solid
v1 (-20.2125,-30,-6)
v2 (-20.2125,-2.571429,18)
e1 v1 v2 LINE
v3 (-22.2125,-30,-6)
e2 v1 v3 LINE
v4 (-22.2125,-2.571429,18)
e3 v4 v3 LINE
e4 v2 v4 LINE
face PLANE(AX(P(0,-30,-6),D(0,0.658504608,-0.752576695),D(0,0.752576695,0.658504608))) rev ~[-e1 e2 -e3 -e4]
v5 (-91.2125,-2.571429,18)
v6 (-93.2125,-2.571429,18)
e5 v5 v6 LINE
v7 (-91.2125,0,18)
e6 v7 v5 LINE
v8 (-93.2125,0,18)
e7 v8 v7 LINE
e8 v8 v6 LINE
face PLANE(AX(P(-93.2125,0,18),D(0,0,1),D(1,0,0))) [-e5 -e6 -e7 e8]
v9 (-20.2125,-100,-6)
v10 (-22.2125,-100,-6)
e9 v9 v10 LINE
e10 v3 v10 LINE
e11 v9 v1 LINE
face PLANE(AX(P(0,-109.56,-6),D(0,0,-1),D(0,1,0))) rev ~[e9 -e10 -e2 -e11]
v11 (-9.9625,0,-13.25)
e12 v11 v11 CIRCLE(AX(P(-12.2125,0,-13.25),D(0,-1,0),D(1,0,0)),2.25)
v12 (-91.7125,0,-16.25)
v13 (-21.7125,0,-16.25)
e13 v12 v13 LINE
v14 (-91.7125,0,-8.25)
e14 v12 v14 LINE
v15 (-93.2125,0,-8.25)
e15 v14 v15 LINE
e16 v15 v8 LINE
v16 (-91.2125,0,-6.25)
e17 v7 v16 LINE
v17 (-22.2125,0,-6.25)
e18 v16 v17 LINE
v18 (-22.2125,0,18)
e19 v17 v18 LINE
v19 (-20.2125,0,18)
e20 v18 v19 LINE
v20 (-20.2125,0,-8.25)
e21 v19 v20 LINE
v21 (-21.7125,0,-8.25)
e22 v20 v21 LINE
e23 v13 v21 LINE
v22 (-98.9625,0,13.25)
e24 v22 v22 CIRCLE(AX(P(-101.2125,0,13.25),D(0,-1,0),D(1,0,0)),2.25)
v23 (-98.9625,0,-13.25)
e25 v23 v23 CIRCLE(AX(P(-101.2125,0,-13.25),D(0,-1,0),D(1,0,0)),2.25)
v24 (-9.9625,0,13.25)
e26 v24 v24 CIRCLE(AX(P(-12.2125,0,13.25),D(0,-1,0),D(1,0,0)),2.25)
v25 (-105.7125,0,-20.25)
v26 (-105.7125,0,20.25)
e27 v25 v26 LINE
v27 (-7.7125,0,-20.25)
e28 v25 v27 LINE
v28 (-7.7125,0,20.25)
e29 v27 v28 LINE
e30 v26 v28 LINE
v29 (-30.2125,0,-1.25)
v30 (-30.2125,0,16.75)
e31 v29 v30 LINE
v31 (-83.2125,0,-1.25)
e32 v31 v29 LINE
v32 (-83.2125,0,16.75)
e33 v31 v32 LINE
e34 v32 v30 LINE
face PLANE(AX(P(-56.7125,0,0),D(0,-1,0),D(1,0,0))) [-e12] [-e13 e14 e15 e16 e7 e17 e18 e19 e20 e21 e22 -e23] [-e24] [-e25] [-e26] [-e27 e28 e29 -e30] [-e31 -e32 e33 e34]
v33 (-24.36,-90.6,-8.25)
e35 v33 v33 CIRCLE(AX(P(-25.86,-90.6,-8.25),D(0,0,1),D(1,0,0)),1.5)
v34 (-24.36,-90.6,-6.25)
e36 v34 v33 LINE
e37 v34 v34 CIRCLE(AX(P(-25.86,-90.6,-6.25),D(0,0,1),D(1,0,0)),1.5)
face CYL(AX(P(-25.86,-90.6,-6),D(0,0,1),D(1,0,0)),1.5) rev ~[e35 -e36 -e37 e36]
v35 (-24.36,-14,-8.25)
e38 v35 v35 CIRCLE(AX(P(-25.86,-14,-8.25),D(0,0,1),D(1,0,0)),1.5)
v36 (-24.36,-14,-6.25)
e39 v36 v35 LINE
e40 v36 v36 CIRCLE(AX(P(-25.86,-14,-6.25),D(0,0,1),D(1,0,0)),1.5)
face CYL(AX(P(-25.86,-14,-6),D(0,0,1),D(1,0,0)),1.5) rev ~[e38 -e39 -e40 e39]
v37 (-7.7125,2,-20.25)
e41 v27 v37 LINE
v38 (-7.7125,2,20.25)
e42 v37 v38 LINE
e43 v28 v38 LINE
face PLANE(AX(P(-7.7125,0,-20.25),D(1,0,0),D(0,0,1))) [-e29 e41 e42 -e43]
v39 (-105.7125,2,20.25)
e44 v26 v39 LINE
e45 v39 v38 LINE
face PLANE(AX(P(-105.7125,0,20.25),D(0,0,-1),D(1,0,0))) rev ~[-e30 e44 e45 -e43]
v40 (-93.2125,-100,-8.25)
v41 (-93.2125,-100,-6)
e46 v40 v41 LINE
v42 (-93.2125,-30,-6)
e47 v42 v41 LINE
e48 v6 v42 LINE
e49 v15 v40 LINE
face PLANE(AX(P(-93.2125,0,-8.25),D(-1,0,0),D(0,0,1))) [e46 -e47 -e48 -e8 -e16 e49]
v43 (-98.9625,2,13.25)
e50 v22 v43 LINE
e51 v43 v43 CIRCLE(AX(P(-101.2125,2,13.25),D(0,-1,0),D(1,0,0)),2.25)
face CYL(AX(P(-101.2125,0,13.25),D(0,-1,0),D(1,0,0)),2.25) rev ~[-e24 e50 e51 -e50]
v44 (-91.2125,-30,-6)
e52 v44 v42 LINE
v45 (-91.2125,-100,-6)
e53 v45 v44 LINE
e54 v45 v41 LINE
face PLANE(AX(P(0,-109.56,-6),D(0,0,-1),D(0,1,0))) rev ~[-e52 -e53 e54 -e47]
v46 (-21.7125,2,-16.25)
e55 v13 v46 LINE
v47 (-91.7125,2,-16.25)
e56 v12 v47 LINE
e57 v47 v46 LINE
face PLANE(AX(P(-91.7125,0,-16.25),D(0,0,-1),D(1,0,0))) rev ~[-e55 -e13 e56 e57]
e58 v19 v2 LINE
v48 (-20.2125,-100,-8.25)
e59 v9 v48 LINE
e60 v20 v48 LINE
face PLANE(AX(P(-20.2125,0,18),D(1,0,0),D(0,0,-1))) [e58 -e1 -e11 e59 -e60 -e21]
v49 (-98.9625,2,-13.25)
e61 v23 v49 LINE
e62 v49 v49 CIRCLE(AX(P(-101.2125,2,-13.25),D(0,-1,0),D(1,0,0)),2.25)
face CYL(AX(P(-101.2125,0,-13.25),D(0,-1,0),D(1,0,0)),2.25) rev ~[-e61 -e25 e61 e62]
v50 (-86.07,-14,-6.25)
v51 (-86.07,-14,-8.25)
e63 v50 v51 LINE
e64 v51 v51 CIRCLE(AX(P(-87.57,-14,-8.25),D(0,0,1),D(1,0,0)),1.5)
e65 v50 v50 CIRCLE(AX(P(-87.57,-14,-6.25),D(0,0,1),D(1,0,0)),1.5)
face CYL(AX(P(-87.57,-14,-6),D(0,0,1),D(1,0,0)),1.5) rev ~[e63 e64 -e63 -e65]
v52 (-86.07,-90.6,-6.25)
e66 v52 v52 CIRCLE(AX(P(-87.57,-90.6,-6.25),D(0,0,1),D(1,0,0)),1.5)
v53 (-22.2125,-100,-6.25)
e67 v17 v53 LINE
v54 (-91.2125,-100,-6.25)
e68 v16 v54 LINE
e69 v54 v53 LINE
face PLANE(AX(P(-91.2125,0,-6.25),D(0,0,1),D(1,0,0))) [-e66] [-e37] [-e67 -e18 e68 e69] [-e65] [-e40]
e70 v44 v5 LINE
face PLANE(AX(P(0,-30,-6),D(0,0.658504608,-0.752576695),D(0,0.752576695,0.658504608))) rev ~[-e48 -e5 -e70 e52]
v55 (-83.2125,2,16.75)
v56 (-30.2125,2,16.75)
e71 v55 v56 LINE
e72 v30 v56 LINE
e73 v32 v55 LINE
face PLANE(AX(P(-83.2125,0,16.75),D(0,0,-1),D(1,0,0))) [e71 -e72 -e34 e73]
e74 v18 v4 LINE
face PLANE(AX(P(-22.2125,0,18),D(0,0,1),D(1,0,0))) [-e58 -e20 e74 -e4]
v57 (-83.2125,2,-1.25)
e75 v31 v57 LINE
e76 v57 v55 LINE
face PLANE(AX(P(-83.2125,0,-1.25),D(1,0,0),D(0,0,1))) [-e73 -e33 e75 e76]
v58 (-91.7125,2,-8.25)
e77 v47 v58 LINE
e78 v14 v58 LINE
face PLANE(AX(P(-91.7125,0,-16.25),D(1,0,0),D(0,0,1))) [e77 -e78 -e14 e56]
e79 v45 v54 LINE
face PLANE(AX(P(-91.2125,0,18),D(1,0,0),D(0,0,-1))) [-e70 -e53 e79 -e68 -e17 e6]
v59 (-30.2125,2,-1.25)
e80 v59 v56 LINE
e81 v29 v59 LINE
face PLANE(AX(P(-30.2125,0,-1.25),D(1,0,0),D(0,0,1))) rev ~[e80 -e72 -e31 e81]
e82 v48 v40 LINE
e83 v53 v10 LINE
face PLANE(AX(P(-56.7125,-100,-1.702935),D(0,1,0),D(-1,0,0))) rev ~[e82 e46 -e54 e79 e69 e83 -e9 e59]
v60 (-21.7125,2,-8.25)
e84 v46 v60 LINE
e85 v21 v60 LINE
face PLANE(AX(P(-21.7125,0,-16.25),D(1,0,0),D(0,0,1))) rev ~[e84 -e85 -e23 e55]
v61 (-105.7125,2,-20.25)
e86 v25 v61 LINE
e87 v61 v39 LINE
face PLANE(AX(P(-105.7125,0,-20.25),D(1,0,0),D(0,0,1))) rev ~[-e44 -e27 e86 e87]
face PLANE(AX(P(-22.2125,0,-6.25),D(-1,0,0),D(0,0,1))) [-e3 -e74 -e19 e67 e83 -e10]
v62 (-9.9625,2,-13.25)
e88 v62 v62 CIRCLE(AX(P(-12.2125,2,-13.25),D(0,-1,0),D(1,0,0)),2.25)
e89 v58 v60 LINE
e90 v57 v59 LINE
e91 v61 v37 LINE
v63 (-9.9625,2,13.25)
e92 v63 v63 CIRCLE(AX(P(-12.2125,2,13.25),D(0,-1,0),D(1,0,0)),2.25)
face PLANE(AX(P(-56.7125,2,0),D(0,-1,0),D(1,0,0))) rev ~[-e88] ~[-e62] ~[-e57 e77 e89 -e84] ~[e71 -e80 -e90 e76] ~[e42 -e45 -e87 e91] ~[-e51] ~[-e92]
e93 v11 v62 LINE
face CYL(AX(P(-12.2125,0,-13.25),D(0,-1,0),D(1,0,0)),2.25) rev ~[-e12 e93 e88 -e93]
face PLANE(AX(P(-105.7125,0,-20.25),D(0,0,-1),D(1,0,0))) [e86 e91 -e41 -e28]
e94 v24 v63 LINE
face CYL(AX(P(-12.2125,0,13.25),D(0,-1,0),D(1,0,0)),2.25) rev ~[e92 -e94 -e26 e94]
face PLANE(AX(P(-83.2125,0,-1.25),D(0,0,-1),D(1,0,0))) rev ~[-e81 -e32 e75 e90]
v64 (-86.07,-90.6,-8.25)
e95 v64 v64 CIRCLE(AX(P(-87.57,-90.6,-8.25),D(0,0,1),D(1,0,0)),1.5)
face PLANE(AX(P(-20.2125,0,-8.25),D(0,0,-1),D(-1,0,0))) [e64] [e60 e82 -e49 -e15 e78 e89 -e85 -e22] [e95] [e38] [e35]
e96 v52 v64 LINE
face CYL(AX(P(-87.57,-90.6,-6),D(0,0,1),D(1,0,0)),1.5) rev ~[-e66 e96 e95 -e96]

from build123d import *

# Parameters (mm, degrees)
SKETCH007_W     = 98
SKETCH007_H     = 40.5
SKETCH007_R     = 2.25
SKETCH007_W_2   = 53
SKETCH007_H_2   = 18
SKETCH007_W_3   = 70
SKETCH007_H_3   = 8
PAD_DEPTH       = 2
PAD004_DEPTH    = 100
SKETCH011_R     = 1.5
POCKET005_DEPTH = 5
POCKET006_DEPTH = 105.7135


with BuildPart() as part:
    # Sketch007 → Pad (new body)
    with BuildSketch(Plane.XZ):
        with Locations((-56.7125, 0)):
            Rectangle(SKETCH007_W, SKETCH007_H)
        with Locations((-12.2125, 13.25)):
            Circle(SKETCH007_R, mode=Mode.SUBTRACT)
        with Locations((-12.2125, -13.25)):
            Circle(SKETCH007_R, mode=Mode.SUBTRACT)
        with Locations((-101.2125, -13.25)):
            Circle(SKETCH007_R, mode=Mode.SUBTRACT)
        with Locations((-101.2125, 13.25)):
            Circle(SKETCH007_R, mode=Mode.SUBTRACT)
        with Locations((-56.7125, 7.75)):
            Rectangle(SKETCH007_W_2, SKETCH007_H_2, mode=Mode.SUBTRACT)
        with Locations((-56.7125, -12.25)):
            Rectangle(SKETCH007_W_3, SKETCH007_H_3, mode=Mode.SUBTRACT)
    extrude(amount=-PAD_DEPTH)

    # Sketch008 → Pad004 (join)
    with BuildSketch(Plane.XZ):
        Polygon((-20.2125, 18), (-20.2125, -8.25), (-93.2125, -8.25), (-93.2125, 18), (-91.2125, 18), (-91.2125, -6.25), (-22.2125, -6.25), (-22.2125, 18), align=None)
    extrude(amount=PAD004_DEPTH)

    # Sketch011 → Pocket005 (cut)
    with BuildSketch(Plane.XY.offset(-6)):
        with Locations((-87.57, -14)):
            Circle(SKETCH011_R)
        with Locations((-25.86, -14)):
            Circle(SKETCH011_R)
        with Locations((-87.57, -90.6)):
            Circle(SKETCH011_R)
        with Locations((-25.86, -90.6)):
            Circle(SKETCH011_R)
    extrude(amount=-POCKET005_DEPTH, mode=Mode.SUBTRACT)

    # Sketch012 → Pocket006 (cut, through all)
    with BuildSketch(Plane.YZ):
        Polygon((-109.56, -6), (-30, -6), (0, 20.25), (-109.56, 20.25), align=None)
    extrude(amount=-POCKET006_DEPTH, mode=Mode.SUBTRACT)


solid = part.part
